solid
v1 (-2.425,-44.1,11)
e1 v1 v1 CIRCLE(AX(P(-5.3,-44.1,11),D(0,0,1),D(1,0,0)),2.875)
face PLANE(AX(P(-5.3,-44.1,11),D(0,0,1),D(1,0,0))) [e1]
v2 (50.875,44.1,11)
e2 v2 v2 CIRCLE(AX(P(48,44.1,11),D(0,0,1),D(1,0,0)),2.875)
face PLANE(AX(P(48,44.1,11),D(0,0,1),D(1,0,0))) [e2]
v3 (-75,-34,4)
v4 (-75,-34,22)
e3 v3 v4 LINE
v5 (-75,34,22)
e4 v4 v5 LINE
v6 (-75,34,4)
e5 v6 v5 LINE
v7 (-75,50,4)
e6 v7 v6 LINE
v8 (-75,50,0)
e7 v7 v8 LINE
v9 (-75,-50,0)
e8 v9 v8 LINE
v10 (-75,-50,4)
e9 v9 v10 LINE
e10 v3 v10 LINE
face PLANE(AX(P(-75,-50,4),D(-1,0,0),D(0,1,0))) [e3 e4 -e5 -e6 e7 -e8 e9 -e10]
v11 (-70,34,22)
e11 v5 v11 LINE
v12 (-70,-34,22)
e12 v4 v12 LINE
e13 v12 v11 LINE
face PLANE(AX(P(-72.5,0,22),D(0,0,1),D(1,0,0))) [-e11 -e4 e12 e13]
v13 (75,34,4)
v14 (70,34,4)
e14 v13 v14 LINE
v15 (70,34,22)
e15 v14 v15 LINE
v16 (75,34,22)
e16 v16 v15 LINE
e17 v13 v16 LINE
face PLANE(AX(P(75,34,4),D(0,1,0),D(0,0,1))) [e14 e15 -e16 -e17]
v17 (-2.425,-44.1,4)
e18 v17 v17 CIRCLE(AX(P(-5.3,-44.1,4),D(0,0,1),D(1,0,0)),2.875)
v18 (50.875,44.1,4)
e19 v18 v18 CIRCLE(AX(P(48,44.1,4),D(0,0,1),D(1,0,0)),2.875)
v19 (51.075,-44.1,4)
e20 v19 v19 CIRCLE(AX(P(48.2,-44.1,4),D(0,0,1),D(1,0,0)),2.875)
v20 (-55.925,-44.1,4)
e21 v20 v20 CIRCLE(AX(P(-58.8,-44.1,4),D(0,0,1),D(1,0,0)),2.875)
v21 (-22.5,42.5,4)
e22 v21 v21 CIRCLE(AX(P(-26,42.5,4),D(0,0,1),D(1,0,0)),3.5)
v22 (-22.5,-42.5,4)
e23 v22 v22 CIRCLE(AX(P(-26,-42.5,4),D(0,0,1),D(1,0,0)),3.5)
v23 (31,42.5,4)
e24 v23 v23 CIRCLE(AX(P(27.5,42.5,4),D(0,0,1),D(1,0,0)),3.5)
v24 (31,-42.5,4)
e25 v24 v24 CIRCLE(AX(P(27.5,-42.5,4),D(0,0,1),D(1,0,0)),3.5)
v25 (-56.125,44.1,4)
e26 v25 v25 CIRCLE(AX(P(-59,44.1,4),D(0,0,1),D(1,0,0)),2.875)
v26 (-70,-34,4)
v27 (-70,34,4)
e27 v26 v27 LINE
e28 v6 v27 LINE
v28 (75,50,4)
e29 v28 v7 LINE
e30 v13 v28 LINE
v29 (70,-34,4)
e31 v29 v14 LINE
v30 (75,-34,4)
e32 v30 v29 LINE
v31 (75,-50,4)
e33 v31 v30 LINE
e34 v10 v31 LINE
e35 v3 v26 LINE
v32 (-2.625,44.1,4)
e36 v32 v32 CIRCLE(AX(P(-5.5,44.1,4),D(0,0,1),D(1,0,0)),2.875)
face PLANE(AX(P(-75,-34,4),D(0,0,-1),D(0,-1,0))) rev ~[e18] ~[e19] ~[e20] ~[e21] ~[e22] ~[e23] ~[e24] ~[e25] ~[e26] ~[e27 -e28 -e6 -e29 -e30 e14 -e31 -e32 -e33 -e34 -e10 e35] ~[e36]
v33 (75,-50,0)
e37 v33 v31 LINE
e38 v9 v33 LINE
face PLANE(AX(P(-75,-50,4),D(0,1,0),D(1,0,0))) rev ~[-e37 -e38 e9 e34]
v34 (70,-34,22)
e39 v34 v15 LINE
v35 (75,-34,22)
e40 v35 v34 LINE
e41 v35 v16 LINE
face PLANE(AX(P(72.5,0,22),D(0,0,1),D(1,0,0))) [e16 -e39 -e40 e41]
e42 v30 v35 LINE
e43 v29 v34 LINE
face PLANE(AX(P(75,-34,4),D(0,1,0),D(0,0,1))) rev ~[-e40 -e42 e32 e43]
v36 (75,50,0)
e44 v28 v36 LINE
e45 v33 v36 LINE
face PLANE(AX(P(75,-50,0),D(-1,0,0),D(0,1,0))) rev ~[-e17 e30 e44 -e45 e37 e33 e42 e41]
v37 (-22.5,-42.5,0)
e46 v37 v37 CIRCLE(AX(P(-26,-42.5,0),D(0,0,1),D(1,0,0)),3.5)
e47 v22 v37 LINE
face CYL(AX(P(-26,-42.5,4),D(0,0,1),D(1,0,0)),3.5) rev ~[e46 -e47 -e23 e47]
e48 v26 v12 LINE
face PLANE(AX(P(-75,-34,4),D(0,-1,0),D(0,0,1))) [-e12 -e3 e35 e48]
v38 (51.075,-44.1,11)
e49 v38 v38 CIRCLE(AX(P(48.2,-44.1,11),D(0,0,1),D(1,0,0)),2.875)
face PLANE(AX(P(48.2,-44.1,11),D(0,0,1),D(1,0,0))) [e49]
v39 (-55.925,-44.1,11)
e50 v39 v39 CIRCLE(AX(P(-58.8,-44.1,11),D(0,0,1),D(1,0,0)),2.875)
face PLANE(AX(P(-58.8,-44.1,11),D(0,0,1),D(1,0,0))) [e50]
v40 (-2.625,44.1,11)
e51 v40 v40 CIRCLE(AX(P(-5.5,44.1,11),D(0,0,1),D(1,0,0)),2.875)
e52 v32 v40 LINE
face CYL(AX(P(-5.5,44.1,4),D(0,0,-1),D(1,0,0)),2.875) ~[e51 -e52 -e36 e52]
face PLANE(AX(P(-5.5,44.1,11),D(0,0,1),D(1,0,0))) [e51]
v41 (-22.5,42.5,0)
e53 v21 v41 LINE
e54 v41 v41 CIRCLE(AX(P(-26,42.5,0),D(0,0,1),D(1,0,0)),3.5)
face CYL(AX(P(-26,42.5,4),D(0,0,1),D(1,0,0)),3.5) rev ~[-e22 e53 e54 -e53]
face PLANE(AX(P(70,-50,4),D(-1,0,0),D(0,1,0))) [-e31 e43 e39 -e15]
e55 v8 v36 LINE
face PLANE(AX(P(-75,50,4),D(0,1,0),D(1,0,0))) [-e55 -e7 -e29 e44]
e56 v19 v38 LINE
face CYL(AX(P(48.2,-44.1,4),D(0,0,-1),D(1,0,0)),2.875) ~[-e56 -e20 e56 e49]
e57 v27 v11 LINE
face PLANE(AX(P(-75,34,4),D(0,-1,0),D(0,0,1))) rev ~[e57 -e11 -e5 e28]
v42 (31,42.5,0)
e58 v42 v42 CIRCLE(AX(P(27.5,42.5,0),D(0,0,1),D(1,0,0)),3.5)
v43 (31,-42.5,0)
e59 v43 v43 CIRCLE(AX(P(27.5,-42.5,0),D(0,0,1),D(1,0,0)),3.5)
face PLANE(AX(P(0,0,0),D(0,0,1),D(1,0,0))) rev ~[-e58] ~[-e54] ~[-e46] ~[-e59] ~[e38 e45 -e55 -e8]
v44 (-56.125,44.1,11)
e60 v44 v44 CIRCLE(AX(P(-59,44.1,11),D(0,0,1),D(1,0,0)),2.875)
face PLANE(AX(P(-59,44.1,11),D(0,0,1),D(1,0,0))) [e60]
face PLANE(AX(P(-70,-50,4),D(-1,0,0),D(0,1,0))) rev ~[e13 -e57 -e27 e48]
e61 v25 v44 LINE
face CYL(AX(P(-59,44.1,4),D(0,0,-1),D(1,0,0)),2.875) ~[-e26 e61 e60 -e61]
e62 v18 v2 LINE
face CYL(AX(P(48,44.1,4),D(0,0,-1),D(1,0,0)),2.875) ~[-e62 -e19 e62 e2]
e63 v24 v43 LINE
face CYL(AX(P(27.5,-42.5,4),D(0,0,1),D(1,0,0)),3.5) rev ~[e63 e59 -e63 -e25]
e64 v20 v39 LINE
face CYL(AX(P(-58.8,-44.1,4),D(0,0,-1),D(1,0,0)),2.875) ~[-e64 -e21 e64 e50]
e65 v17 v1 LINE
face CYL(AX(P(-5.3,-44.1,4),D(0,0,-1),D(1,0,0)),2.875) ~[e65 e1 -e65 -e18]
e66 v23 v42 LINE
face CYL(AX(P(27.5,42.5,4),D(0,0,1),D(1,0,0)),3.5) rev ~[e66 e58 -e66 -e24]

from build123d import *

# Parameters (mm, degrees)
SKETCH_W        = 150
SKETCH_H        = 100
PAD_DEPTH       = 4
SKETCH005_W     = 5
SKETCH005_H     = 100
PAD001_DEPTH    = 18
SKETCH007_R     = 3.5
POCKET001_DEPTH = 5
SKETCH006_R     = 2.875
PAD002_DEPTH    = 7
SKETCH008_W     = 16
SKETCH008_H     = 18
POCKET_DEPTH    = 5
SKETCH009_W     = 16
SKETCH009_H     = 18
POCKET002_DEPTH = 5


with BuildPart() as part:
    # Sketch → Pad (new body)
    with BuildSketch(Plane.XY):
        Rectangle(SKETCH_W, SKETCH_H)
    extrude(amount=PAD_DEPTH)

    # Sketch005 → Pad001 (join)
    with BuildSketch(Plane.XY.offset(4)):
        with Locations((-72.5, 0)):
            Rectangle(SKETCH005_W, SKETCH005_H)
        with Locations((72.5, 0)):
            Rectangle(SKETCH005_W, SKETCH005_H)
    extrude(amount=PAD001_DEPTH)

    # Sketch007 → Pocket001 (cut)
    with BuildSketch(Plane.XY.offset(4)):
        with Locations((-26, 42.5)):
            Circle(SKETCH007_R)
        with Locations((27.5, 42.5)):
            Circle(SKETCH007_R)
        with Locations((27.5, -42.5)):
            Circle(SKETCH007_R)
        with Locations((-26, -42.5)):
            Circle(SKETCH007_R)
    extrude(amount=-POCKET001_DEPTH, mode=Mode.SUBTRACT)

    # Sketch006 (on Face6 of Pad001) → Pad002 (join)
    with BuildSketch(Plane.XY.offset(4)):
        with Locations((-59, 44.1)):
            Circle(SKETCH006_R)
        with Locations((-5.5, 44.1)):
            Circle(SKETCH006_R)
        with Locations((48, 44.1)):
            Circle(SKETCH006_R)
        with Locations((48.2, -44.1)):
            Circle(SKETCH006_R)
        with Locations((-5.3, -44.1)):
            Circle(SKETCH006_R)
        with Locations((-58.8, -44.1)):
            Circle(SKETCH006_R)
    extrude(amount=PAD002_DEPTH)

    # Sketch008 (on Face9 of Pad002) → Pocket (cut)
    with BuildSketch(Plane(origin=(-75, 0, 0), x_dir=(0, -1, 0), z_dir=(-1, 0, 0))):
        with Locations((-42, 13)):
            Rectangle(SKETCH008_W, SKETCH008_H)
        with Locations((42, 13)):
            Rectangle(SKETCH008_W, SKETCH008_H)
    extrude(amount=-POCKET_DEPTH, mode=Mode.SUBTRACT)

    # Sketch009 (on Face11 of Pocket) → Pocket002 (cut)
    with BuildSketch(Plane.YZ.offset(75)):
        with Locations((42, 13)):
            Rectangle(SKETCH009_W, SKETCH009_H)
        with Locations((-42, 13)):
            Rectangle(SKETCH009_W, SKETCH009_H)
    extrude(amount=-POCKET002_DEPTH, mode=Mode.SUBTRACT)


solid = part.part
